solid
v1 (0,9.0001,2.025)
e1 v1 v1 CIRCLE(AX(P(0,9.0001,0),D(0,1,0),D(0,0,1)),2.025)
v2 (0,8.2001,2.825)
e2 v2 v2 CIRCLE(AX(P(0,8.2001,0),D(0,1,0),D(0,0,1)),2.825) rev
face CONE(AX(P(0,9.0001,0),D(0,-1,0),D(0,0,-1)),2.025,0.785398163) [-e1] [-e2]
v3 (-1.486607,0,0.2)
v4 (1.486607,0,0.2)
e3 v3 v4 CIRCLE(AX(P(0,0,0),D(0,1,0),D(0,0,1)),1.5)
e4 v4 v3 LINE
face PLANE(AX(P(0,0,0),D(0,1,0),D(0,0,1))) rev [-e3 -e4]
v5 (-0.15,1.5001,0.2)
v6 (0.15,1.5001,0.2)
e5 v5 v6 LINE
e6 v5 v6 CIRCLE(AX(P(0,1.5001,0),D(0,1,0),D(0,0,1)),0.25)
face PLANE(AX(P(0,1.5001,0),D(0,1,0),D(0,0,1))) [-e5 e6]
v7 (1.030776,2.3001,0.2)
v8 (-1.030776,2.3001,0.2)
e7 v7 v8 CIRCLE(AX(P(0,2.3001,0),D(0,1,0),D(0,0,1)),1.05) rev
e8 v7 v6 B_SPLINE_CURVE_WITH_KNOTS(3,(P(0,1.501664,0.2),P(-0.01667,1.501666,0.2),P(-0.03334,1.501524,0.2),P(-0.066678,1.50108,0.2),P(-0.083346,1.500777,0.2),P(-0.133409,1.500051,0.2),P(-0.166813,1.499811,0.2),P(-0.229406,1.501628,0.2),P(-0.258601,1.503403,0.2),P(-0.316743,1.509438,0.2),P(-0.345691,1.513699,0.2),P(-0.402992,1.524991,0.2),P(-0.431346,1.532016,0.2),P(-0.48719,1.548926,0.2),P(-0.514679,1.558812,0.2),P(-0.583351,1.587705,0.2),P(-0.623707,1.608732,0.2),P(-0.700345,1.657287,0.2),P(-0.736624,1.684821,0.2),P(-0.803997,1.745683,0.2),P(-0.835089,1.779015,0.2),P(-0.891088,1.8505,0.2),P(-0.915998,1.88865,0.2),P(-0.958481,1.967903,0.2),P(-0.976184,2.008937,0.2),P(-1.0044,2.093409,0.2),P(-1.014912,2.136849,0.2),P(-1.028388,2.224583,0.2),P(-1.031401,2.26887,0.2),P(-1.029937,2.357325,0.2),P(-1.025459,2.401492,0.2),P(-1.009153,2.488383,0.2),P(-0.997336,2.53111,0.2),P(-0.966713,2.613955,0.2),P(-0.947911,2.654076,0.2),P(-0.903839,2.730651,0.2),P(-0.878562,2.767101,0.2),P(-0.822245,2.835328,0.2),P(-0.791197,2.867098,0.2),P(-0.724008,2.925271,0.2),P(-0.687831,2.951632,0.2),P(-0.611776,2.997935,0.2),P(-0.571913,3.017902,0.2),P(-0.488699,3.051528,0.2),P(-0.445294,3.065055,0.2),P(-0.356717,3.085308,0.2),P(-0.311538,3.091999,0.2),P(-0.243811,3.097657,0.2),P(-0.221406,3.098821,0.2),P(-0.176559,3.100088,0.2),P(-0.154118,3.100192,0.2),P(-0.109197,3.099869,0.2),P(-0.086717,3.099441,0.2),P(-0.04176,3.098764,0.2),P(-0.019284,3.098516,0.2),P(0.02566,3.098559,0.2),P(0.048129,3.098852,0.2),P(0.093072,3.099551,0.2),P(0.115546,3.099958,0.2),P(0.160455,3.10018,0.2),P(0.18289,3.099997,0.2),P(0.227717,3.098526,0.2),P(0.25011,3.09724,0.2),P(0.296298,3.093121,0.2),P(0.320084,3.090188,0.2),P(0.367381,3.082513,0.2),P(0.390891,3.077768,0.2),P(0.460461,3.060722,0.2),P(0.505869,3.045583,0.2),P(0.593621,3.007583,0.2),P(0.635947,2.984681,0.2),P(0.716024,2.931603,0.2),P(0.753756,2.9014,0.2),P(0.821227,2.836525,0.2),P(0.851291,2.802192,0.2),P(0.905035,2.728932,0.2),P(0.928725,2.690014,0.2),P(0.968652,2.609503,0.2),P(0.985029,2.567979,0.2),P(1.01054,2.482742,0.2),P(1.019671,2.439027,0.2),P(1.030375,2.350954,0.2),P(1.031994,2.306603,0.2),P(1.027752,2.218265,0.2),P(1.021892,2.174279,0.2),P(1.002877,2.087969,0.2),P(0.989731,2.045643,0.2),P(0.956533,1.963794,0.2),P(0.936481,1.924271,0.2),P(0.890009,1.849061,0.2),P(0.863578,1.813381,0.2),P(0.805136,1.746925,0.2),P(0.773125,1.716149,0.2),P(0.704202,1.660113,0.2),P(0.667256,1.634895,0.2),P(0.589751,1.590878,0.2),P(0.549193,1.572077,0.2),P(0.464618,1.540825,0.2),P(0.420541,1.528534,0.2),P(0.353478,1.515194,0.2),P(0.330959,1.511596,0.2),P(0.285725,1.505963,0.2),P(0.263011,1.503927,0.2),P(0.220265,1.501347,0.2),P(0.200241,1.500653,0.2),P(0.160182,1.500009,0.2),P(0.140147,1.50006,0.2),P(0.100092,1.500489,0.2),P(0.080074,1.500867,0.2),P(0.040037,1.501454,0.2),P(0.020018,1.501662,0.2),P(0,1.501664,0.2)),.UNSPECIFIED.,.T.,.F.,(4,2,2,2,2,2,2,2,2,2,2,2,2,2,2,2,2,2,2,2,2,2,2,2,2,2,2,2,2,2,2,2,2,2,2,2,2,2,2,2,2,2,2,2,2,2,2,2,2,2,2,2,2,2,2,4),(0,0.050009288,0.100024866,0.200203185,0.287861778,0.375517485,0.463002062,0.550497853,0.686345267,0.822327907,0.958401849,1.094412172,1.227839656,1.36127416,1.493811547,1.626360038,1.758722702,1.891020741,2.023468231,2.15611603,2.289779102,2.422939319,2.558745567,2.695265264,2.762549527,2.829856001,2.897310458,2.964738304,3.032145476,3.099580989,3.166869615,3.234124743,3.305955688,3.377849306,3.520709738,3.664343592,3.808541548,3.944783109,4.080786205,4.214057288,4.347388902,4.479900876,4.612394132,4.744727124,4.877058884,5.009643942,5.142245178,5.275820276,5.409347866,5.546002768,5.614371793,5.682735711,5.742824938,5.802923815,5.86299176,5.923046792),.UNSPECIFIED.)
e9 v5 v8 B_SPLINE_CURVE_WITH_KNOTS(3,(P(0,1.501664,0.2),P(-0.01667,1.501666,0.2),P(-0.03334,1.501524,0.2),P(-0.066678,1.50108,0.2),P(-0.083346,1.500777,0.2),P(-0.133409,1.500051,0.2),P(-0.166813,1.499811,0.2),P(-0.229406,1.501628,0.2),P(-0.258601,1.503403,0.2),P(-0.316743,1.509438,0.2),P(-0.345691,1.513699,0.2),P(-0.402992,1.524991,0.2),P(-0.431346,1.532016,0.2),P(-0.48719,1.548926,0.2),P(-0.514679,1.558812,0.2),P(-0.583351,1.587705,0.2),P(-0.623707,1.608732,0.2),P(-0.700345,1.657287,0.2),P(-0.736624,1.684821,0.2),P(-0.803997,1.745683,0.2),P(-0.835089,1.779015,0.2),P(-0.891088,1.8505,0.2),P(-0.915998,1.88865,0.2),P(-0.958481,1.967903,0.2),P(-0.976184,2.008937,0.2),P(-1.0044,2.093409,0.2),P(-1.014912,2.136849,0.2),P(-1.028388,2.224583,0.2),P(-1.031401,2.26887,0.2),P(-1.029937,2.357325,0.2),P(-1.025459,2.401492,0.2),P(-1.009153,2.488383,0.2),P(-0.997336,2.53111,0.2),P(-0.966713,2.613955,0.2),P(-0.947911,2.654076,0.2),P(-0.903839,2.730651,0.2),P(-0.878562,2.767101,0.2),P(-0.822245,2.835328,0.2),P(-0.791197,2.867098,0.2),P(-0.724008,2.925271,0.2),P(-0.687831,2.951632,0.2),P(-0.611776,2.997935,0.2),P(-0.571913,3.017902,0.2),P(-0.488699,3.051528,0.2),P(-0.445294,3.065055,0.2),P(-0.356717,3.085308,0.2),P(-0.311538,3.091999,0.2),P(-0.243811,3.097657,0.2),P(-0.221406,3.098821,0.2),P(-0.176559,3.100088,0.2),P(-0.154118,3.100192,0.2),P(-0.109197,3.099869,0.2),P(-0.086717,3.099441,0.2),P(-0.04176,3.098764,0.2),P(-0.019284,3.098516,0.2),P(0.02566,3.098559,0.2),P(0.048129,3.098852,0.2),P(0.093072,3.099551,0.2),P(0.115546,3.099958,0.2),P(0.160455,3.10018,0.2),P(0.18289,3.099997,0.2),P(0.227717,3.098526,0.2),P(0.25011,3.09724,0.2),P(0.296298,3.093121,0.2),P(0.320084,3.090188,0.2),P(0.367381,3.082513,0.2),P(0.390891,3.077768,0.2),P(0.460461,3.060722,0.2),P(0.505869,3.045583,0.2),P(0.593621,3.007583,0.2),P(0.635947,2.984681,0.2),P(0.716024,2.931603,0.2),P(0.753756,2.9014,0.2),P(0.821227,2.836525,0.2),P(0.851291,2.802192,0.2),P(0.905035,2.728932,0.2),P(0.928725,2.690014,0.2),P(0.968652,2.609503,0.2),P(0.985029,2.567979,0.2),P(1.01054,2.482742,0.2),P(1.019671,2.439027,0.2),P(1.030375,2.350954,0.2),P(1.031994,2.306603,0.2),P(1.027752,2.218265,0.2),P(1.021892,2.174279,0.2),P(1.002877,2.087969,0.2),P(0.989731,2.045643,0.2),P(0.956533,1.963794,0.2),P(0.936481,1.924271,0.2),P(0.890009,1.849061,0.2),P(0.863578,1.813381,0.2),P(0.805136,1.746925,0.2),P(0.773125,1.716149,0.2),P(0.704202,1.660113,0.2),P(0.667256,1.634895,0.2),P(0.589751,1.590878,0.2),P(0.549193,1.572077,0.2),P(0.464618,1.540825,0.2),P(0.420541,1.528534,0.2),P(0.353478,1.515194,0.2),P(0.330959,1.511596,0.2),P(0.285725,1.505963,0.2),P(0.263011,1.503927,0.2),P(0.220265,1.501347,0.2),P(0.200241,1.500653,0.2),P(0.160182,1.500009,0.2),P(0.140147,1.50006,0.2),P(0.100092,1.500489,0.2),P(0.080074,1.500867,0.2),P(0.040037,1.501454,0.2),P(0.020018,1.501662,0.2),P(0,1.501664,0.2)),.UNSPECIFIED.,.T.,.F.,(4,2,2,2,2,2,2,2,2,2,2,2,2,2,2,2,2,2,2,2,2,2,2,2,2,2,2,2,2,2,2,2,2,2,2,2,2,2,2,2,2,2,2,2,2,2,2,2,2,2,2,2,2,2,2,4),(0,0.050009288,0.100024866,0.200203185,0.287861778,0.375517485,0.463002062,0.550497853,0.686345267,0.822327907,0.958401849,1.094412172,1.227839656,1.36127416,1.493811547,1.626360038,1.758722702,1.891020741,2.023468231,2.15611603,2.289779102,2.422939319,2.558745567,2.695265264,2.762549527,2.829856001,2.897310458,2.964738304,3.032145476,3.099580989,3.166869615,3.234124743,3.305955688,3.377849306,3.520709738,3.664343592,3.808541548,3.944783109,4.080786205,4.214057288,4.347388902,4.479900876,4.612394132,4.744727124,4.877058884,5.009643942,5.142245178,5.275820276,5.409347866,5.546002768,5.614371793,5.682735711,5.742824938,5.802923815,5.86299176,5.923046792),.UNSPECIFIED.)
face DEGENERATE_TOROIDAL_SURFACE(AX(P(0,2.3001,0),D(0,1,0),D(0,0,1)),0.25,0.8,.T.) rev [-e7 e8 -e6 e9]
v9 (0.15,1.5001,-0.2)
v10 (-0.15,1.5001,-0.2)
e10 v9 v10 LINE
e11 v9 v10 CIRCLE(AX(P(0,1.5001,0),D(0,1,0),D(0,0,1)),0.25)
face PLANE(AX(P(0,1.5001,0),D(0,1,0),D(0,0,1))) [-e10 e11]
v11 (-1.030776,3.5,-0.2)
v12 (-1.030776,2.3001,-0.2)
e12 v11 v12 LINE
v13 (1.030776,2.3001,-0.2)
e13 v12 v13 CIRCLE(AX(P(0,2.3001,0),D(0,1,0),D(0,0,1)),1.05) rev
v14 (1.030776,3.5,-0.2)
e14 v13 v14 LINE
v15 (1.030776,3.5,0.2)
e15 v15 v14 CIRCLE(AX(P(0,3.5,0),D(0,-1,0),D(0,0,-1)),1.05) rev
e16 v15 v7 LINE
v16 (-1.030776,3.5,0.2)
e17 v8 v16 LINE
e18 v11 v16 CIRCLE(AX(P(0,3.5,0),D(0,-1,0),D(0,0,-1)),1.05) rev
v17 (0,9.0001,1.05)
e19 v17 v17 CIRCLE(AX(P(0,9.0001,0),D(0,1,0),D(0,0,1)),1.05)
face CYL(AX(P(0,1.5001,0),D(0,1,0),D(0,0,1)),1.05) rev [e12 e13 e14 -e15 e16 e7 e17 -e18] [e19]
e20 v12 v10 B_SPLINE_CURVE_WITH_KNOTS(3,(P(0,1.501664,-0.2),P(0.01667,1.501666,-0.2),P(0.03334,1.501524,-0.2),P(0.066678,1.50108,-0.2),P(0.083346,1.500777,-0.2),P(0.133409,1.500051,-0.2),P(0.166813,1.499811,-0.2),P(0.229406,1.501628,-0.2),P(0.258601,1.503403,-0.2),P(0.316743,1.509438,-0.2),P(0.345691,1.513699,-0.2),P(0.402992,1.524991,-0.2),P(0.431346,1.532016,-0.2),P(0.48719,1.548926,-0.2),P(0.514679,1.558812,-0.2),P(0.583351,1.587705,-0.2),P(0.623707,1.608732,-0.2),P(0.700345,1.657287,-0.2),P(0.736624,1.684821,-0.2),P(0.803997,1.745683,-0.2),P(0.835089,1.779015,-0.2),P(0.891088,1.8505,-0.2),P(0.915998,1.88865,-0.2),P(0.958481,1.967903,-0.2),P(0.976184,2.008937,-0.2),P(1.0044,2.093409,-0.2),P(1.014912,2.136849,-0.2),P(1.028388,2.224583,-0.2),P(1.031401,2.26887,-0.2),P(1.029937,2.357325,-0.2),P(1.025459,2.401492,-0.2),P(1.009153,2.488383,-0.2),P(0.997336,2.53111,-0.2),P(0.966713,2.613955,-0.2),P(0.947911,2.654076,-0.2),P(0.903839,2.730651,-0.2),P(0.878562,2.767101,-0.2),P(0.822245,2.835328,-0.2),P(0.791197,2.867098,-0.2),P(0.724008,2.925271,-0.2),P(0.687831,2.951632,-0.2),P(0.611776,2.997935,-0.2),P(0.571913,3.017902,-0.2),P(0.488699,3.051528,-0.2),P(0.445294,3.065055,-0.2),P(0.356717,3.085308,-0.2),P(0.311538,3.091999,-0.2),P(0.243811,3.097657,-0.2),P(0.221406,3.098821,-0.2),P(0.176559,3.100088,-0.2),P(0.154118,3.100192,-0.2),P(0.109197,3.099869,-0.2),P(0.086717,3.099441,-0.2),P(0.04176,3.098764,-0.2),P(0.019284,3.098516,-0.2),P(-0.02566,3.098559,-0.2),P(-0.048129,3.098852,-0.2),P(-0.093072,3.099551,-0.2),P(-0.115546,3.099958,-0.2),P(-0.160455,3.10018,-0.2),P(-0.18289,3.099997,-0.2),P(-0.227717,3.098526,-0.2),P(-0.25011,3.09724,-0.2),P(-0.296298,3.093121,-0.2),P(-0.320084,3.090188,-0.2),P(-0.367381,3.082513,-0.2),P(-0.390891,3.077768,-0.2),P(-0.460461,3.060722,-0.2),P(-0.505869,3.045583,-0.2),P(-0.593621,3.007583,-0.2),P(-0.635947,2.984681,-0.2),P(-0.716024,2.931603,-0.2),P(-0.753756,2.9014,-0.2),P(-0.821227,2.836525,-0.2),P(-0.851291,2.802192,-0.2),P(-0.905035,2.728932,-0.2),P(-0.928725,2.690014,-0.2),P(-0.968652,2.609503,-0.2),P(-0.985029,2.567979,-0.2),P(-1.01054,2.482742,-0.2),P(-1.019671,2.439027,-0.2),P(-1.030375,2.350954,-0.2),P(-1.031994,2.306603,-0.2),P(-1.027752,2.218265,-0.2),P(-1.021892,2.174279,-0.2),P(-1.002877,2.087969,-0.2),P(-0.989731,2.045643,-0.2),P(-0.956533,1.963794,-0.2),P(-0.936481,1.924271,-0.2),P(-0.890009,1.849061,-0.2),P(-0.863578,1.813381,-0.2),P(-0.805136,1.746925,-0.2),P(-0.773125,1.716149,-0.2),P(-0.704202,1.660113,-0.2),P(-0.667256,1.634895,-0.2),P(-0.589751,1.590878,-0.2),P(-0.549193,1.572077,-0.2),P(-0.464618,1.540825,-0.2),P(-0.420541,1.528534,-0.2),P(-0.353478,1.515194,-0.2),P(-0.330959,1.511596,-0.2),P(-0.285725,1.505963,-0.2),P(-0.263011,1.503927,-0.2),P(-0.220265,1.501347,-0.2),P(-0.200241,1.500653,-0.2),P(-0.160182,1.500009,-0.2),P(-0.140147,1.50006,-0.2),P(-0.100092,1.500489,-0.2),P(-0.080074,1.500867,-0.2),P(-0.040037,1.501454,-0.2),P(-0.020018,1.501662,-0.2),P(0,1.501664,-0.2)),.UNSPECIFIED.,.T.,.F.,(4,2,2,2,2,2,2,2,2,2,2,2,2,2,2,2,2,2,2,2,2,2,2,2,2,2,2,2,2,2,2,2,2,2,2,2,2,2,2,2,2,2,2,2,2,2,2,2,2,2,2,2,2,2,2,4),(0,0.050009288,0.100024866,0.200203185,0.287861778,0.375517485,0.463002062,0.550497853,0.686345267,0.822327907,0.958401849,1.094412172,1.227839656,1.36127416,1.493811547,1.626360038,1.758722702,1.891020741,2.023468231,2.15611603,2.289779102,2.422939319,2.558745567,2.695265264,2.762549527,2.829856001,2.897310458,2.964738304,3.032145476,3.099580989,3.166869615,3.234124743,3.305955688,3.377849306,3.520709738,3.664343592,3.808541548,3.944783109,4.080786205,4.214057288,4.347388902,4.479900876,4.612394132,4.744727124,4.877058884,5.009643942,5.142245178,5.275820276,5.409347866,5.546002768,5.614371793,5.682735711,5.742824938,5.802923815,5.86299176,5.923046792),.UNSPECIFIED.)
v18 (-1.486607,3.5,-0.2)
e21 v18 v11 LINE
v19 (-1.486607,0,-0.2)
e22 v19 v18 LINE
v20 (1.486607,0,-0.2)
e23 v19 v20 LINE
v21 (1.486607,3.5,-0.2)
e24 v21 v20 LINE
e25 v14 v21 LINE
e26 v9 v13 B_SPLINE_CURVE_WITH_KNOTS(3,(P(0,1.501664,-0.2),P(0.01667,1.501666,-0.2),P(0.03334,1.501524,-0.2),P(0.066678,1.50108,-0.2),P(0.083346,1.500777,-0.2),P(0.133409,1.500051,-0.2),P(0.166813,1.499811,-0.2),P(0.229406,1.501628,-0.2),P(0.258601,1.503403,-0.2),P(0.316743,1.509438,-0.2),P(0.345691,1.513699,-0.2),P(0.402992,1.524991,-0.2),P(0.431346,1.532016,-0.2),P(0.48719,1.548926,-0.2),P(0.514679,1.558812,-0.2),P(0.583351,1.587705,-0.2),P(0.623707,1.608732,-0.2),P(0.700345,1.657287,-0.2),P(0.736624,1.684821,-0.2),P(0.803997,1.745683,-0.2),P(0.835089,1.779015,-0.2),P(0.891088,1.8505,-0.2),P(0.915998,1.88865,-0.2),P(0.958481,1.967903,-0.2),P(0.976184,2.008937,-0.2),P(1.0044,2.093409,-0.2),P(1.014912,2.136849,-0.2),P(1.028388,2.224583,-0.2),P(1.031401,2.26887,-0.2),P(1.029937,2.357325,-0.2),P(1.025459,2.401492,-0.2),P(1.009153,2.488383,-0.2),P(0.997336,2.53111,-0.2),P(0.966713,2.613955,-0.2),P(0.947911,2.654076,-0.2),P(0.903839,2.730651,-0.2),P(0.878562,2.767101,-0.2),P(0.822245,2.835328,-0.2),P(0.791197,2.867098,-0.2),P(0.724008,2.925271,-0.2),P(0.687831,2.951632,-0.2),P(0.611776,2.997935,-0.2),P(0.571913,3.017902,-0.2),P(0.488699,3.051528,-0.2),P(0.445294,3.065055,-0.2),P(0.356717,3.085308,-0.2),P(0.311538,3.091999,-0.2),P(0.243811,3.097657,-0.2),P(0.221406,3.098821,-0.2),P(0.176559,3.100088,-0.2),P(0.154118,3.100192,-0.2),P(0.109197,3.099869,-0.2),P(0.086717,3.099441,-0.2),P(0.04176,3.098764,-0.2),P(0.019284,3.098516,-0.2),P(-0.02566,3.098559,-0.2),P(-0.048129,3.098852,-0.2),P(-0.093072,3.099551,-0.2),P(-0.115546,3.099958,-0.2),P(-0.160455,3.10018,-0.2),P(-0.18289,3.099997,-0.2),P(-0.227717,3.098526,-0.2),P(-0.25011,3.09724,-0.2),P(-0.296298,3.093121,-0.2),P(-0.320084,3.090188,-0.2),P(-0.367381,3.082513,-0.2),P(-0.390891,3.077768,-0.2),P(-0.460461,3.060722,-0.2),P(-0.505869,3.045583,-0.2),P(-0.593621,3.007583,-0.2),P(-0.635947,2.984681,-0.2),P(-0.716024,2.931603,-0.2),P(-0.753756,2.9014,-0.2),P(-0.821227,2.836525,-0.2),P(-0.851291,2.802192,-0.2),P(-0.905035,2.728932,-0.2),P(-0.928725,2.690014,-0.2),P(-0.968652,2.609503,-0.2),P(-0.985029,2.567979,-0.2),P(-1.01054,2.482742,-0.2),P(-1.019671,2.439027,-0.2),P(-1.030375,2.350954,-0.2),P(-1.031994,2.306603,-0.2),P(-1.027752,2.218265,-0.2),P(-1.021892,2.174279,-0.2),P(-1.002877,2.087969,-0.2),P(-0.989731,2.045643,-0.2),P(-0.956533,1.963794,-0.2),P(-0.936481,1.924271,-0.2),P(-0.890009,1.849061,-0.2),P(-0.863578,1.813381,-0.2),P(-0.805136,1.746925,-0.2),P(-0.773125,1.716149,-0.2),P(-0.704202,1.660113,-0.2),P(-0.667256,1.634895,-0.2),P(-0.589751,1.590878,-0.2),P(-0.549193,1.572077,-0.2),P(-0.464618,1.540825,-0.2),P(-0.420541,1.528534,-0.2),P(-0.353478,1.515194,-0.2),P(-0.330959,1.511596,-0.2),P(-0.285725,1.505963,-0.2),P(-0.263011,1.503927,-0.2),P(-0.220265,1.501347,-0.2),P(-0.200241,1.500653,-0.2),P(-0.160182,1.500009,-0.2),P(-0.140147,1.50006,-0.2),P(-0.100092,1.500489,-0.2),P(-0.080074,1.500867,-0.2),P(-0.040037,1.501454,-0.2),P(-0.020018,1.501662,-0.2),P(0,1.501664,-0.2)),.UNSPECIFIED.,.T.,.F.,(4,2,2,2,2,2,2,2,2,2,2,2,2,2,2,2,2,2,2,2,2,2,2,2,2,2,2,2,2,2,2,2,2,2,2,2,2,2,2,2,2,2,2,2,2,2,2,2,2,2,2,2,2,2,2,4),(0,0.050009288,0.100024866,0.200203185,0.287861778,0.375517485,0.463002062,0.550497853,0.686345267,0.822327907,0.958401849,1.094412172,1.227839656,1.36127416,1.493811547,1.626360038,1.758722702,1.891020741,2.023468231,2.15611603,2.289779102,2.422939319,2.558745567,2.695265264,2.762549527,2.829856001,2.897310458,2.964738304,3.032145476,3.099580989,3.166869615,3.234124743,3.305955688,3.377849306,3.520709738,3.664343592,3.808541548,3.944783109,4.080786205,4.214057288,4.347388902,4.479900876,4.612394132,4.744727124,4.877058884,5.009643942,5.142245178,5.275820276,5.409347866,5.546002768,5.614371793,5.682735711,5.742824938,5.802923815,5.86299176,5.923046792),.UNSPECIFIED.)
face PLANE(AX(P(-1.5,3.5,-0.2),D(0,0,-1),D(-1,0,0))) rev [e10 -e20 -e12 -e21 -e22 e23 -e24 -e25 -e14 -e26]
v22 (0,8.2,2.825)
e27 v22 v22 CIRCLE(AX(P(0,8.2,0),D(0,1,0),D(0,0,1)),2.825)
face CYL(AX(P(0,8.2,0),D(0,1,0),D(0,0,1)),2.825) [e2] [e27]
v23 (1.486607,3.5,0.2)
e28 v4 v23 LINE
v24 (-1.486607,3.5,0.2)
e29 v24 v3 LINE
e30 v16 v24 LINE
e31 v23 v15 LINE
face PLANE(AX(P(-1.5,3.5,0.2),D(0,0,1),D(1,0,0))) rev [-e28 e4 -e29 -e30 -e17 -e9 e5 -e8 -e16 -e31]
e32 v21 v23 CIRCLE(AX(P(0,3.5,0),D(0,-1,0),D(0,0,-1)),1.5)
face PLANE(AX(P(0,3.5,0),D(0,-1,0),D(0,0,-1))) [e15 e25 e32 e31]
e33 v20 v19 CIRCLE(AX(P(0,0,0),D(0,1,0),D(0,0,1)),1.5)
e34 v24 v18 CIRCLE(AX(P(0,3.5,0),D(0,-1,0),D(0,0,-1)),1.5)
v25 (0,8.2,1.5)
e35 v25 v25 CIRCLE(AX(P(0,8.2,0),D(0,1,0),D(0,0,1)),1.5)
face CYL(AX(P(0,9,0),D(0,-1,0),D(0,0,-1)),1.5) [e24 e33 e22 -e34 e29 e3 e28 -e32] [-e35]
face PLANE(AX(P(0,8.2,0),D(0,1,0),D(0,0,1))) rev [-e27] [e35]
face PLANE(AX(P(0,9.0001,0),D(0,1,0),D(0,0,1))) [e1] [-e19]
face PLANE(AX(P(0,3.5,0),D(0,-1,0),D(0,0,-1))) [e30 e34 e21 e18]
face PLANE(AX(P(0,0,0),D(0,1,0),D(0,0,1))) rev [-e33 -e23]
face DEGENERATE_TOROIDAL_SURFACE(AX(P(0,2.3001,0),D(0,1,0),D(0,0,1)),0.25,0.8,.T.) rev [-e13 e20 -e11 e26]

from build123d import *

# Parameters (mm, degrees)
CROQUIS1_R                   = 1.5
SALIENTE_EXTRUIR1_DEPTH      = 9
SALIENTE_EXTRUIR2_DEPTH      = 0.0001
SALIENTE_EXTRUIR2_DEPTH_BACK = 0.8
CROQUIS2_R                   = 2.825
CHAFL_N1_SIZE                = 0.8
CROQUIS3_R                   = 1.05
CORTAR_EXTRUIR1_DEPTH        = 7.5
REDONDEO2_R                  = 0.8
CROQUIS6_W                   = 3
CROQUIS6_H                   = 0.4
CORTAR_EXTRUIR4_DEPTH        = 3.5


with BuildPart() as part:
    # Croquis1 → Saliente-Extruir1 (new body)
    with BuildSketch(Plane(origin=(0, 0, 0), x_dir=(1, 0, 0), z_dir=(0, 1, 0))):
        with Locations(Location((0, 0, 0), (0, 0, 270))):
            Circle(CROQUIS1_R)
    extrude(amount=SALIENTE_EXTRUIR1_DEPTH)

    # Croquis2 → Saliente-Extruir2 (add, two sides: drawn at the far end of the back side and taken through both)
    with BuildSketch(Plane(origin=(0, 9, 0), x_dir=(1, 0, 0), z_dir=(0, 1, 0)).offset(-SALIENTE_EXTRUIR2_DEPTH_BACK)):
        with Locations(Location((0, 0, 0), (0, 0, 270))):
            Circle(CROQUIS2_R)
    extrude(amount=SALIENTE_EXTRUIR2_DEPTH + SALIENTE_EXTRUIR2_DEPTH_BACK)

    # Chaflán1
    chafl_n1_edges = [part.edges().sort_by_distance(p)[0] for p in [
        (0, 9.0001, -2.825),
    ]]
    chamfer(chafl_n1_edges, length=CHAFL_N1_SIZE)

    # Croquis3 → Cortar-Extruir1 (cut)
    with BuildSketch(Plane(origin=(0, 9.0001, 0), x_dir=(1, 0, 0), z_dir=(0, 1, 0))):
        with Locations(Location((0, 0, 0), (0, 0, 270))):
            Circle(CROQUIS3_R)
    extrude(amount=-CORTAR_EXTRUIR1_DEPTH, mode=Mode.SUBTRACT)

    # Redondeo2
    redondeo2_edges = [part.edges().sort_by_distance(p)[0] for p in [
        (0, 1.5001, -1.05),
    ]]
    fillet(redondeo2_edges, radius=REDONDEO2_R)

    # Croquis6 → Cortar-Extruir4 (cut)
    with BuildSketch(Plane(origin=(0, 0, 0), x_dir=(-1, 0, 0), z_dir=(0, -1, 0))):
        Rectangle(CROQUIS6_W, CROQUIS6_H)
    extrude(amount=-CORTAR_EXTRUIR4_DEPTH, mode=Mode.SUBTRACT)


solid = part.part
